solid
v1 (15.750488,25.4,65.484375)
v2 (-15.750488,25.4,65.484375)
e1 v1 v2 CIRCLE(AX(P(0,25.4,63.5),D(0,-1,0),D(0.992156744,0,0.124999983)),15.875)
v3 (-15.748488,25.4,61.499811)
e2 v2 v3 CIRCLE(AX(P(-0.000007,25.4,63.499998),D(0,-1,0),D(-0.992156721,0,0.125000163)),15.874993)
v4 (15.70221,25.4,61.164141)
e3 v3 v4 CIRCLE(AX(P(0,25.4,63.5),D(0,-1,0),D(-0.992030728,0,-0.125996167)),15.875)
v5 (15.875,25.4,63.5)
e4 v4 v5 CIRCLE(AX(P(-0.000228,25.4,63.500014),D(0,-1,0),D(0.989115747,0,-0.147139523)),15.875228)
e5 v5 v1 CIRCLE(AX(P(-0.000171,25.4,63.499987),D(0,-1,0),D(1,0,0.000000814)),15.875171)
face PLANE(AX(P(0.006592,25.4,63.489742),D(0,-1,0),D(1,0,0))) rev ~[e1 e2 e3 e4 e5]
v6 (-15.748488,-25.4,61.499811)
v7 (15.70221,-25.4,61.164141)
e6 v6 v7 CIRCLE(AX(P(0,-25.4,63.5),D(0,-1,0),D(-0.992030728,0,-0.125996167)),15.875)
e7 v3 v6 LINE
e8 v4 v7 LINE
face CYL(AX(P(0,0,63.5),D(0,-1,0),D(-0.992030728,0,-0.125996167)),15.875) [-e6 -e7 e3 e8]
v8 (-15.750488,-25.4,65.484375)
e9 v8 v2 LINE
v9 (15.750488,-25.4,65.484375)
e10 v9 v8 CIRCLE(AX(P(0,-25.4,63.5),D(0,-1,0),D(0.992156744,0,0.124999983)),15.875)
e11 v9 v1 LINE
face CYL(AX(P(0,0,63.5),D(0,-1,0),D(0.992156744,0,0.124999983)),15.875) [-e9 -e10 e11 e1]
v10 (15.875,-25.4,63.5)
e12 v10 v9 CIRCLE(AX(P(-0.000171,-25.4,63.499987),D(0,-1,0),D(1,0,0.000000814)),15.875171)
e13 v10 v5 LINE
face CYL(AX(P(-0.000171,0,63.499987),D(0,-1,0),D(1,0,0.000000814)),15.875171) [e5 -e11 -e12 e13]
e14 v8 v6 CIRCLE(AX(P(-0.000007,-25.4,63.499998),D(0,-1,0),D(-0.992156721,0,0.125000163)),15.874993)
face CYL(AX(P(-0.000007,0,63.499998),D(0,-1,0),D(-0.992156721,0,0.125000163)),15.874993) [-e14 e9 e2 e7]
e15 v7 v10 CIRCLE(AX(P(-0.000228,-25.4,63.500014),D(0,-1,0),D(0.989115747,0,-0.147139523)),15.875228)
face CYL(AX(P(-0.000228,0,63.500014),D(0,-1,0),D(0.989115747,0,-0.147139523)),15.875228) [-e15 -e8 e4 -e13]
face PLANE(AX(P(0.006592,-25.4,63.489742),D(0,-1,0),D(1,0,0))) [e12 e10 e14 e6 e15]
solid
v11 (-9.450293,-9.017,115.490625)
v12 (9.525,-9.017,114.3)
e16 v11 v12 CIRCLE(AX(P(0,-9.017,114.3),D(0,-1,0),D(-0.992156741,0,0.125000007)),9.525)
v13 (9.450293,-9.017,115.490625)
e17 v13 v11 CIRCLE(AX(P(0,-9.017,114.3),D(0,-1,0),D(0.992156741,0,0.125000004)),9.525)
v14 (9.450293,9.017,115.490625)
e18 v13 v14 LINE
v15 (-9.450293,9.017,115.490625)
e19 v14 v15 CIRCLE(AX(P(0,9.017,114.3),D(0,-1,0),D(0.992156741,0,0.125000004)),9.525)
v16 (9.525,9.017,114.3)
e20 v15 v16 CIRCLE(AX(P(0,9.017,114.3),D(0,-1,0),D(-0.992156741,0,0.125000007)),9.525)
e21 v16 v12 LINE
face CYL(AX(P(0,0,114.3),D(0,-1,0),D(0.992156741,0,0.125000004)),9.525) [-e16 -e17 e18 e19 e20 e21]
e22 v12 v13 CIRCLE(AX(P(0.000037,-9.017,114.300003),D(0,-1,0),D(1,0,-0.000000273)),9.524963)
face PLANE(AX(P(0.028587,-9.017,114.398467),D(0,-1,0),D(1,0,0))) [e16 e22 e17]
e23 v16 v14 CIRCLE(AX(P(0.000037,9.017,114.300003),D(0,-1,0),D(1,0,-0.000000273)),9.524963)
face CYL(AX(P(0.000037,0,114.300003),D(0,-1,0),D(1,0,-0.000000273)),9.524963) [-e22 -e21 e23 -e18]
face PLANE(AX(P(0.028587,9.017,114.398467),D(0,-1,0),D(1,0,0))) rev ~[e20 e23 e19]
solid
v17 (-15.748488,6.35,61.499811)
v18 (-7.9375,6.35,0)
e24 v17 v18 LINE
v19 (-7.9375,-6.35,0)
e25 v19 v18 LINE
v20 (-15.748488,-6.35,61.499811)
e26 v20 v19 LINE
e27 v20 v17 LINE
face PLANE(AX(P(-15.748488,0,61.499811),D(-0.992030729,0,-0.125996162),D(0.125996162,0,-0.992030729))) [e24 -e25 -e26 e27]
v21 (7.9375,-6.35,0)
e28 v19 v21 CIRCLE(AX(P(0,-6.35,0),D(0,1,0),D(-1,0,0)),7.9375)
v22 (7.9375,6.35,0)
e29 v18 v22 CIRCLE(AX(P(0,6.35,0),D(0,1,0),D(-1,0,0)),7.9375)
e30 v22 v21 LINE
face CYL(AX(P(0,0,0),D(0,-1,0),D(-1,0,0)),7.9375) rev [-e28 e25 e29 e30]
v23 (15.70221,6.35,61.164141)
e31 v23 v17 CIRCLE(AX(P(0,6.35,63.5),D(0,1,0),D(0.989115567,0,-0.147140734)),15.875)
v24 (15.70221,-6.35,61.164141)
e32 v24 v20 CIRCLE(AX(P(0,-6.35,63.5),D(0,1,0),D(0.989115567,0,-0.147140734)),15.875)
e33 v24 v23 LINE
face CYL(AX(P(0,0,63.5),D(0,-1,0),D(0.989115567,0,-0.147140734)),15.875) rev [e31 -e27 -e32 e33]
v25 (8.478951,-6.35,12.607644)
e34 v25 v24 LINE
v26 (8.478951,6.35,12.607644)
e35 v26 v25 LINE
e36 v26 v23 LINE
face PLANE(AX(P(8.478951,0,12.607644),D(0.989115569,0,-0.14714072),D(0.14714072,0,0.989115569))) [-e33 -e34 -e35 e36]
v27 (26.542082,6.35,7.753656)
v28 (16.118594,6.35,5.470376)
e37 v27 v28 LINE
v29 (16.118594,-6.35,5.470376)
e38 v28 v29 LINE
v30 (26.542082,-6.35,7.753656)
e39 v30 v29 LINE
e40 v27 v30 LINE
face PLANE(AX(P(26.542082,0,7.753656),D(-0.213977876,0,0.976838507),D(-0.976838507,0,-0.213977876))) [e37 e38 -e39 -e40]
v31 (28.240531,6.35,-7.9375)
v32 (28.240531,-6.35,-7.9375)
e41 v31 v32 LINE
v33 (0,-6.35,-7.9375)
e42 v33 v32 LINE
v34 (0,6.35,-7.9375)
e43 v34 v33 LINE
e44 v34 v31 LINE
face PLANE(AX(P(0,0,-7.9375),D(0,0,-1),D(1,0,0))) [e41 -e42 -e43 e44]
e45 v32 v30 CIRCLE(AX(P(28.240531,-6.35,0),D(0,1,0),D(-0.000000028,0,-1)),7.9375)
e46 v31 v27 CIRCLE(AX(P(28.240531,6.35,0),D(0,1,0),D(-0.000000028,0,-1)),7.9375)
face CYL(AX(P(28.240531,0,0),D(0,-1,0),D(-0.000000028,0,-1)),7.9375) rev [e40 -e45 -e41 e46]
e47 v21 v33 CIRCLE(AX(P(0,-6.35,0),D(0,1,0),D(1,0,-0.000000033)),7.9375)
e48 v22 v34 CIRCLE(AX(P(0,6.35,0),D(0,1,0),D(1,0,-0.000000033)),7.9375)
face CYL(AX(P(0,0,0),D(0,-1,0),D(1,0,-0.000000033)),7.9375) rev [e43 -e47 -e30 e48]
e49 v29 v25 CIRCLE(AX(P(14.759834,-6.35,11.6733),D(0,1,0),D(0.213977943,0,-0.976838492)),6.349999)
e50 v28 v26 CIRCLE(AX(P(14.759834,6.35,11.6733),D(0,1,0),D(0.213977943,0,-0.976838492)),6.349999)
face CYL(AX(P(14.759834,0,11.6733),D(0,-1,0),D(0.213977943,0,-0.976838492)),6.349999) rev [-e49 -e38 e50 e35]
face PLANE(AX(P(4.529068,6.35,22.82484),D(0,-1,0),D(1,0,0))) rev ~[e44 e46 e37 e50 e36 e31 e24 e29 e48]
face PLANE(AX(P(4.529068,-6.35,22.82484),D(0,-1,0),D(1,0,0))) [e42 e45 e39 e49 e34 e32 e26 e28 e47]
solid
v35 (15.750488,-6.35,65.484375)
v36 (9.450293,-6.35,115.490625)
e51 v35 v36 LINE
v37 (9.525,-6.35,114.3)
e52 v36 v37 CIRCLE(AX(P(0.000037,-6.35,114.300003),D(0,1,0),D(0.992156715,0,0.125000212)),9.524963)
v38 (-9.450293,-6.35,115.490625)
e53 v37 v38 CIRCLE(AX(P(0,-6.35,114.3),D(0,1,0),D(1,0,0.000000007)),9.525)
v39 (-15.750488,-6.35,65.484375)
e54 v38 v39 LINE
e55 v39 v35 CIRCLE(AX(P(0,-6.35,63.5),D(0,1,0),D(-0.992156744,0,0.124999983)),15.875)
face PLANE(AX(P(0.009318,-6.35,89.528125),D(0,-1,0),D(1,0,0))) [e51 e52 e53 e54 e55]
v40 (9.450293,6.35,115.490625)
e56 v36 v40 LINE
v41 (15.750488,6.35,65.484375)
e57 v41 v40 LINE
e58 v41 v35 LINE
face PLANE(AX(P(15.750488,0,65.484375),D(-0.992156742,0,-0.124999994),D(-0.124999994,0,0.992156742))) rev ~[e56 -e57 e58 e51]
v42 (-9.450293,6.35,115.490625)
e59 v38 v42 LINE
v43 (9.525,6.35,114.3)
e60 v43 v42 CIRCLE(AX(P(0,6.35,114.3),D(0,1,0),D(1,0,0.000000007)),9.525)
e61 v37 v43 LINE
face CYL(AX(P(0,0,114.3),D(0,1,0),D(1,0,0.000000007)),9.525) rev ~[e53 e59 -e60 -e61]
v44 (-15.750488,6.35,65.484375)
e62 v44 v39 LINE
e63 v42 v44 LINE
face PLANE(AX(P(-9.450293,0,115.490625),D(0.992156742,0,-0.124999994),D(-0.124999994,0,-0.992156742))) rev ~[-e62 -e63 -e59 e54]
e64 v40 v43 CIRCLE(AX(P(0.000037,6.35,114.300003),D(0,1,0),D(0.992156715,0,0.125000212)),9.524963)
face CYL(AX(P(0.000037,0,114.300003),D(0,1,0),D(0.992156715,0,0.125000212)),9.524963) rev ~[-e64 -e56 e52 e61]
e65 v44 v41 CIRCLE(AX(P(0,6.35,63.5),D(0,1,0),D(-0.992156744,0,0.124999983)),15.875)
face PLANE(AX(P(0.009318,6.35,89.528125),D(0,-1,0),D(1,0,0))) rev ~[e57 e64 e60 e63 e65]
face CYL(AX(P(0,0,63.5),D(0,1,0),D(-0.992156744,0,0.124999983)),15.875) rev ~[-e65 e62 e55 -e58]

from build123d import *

# Parameters (mm, degrees)
F1_DEPTH = 9.017
F2_DEPTH = 25.4
F3_DEPTH = 6.35


with BuildPart() as f1:
    # F0 (on Front) → F1 (new body, symmetric)
    with BuildSketch(Plane.XZ):
        with BuildLine():
            ThreePointArc((9.450293, 115.490625), (0, 123.825), (-9.450293, 115.490625))
            ThreePointArc((-9.450293, 115.490625), (-0.596483, 104.793695), (9.525, 114.3))
            ThreePointArc((9.525, 114.3), (9.506305, 114.896483), (9.450293, 115.490625))
        make_face()
    extrude(amount=F1_DEPTH, both=True)


with BuildPart() as f2:
    # F0 (on Front) → F2 (new body, symmetric)
    with BuildSketch(Plane.XZ):
        with BuildLine():
            ThreePointArc((-15.750488, 65.484375), (-15.874998, 63.49203), (-15.748488, 61.499811))
            ThreePointArc((-15.748488, 61.499811), (-0.169423, 47.625904), (15.70221, 61.164141))
            ThreePointArc((15.70221, 61.164141), (15.831743, 62.328879), (15.875, 63.5))
            ThreePointArc((15.875, 63.5), (15.843841, 64.494139), (15.750488, 65.484375))
            ThreePointArc((15.750488, 65.484375), (0, 79.375), (-15.750488, 65.484375))
        make_face()
    extrude(amount=F2_DEPTH, both=True)


with BuildPart() as f3:
    # F0 (on Front) → F3 (new body, symmetric)
    with BuildSketch(Plane.XZ):
        with BuildLine():
            Line((-9.450293, 115.490625), (-15.750488, 65.484375))
            ThreePointArc((-15.750488, 65.484375), (0, 79.375), (15.750488, 65.484375))
            Line((15.750488, 65.484375), (9.450293, 115.490625))
            ThreePointArc((9.450293, 115.490625), (9.506305, 114.896483), (9.525, 114.3))
            ThreePointArc((9.525, 114.3), (-0.596483, 104.793695), (-9.450293, 115.490625))
        make_face()
        with BuildLine():
            ThreePointArc((-7.9375, 0), (0, 7.9375), (7.9375, 0))
            ThreePointArc((7.9375, 0), (5.61266, -5.61266), (0, -7.9375))
            Line((0, -7.9375), (28.240531, -7.9375))
            ThreePointArc((28.240531, -7.9375), (20.349126, -0.854185), (26.542082, 7.753656))
            Line((26.542082, 7.753656), (16.118594, 5.470376))
            ThreePointArc((16.118594, 5.470376), (10.424863, 7.033201), (8.478951, 12.607644))
            Line((8.478951, 12.607644), (15.70221, 61.164141))
            ThreePointArc((15.70221, 61.164141), (-0.169423, 47.625904), (-15.748488, 61.499811))
            Line((-15.748488, 61.499811), (-7.9375, 0))
        make_face()
    extrude(amount=F3_DEPTH, both=True)


solid = Compound([f1.part, f2.part, f3.part])
